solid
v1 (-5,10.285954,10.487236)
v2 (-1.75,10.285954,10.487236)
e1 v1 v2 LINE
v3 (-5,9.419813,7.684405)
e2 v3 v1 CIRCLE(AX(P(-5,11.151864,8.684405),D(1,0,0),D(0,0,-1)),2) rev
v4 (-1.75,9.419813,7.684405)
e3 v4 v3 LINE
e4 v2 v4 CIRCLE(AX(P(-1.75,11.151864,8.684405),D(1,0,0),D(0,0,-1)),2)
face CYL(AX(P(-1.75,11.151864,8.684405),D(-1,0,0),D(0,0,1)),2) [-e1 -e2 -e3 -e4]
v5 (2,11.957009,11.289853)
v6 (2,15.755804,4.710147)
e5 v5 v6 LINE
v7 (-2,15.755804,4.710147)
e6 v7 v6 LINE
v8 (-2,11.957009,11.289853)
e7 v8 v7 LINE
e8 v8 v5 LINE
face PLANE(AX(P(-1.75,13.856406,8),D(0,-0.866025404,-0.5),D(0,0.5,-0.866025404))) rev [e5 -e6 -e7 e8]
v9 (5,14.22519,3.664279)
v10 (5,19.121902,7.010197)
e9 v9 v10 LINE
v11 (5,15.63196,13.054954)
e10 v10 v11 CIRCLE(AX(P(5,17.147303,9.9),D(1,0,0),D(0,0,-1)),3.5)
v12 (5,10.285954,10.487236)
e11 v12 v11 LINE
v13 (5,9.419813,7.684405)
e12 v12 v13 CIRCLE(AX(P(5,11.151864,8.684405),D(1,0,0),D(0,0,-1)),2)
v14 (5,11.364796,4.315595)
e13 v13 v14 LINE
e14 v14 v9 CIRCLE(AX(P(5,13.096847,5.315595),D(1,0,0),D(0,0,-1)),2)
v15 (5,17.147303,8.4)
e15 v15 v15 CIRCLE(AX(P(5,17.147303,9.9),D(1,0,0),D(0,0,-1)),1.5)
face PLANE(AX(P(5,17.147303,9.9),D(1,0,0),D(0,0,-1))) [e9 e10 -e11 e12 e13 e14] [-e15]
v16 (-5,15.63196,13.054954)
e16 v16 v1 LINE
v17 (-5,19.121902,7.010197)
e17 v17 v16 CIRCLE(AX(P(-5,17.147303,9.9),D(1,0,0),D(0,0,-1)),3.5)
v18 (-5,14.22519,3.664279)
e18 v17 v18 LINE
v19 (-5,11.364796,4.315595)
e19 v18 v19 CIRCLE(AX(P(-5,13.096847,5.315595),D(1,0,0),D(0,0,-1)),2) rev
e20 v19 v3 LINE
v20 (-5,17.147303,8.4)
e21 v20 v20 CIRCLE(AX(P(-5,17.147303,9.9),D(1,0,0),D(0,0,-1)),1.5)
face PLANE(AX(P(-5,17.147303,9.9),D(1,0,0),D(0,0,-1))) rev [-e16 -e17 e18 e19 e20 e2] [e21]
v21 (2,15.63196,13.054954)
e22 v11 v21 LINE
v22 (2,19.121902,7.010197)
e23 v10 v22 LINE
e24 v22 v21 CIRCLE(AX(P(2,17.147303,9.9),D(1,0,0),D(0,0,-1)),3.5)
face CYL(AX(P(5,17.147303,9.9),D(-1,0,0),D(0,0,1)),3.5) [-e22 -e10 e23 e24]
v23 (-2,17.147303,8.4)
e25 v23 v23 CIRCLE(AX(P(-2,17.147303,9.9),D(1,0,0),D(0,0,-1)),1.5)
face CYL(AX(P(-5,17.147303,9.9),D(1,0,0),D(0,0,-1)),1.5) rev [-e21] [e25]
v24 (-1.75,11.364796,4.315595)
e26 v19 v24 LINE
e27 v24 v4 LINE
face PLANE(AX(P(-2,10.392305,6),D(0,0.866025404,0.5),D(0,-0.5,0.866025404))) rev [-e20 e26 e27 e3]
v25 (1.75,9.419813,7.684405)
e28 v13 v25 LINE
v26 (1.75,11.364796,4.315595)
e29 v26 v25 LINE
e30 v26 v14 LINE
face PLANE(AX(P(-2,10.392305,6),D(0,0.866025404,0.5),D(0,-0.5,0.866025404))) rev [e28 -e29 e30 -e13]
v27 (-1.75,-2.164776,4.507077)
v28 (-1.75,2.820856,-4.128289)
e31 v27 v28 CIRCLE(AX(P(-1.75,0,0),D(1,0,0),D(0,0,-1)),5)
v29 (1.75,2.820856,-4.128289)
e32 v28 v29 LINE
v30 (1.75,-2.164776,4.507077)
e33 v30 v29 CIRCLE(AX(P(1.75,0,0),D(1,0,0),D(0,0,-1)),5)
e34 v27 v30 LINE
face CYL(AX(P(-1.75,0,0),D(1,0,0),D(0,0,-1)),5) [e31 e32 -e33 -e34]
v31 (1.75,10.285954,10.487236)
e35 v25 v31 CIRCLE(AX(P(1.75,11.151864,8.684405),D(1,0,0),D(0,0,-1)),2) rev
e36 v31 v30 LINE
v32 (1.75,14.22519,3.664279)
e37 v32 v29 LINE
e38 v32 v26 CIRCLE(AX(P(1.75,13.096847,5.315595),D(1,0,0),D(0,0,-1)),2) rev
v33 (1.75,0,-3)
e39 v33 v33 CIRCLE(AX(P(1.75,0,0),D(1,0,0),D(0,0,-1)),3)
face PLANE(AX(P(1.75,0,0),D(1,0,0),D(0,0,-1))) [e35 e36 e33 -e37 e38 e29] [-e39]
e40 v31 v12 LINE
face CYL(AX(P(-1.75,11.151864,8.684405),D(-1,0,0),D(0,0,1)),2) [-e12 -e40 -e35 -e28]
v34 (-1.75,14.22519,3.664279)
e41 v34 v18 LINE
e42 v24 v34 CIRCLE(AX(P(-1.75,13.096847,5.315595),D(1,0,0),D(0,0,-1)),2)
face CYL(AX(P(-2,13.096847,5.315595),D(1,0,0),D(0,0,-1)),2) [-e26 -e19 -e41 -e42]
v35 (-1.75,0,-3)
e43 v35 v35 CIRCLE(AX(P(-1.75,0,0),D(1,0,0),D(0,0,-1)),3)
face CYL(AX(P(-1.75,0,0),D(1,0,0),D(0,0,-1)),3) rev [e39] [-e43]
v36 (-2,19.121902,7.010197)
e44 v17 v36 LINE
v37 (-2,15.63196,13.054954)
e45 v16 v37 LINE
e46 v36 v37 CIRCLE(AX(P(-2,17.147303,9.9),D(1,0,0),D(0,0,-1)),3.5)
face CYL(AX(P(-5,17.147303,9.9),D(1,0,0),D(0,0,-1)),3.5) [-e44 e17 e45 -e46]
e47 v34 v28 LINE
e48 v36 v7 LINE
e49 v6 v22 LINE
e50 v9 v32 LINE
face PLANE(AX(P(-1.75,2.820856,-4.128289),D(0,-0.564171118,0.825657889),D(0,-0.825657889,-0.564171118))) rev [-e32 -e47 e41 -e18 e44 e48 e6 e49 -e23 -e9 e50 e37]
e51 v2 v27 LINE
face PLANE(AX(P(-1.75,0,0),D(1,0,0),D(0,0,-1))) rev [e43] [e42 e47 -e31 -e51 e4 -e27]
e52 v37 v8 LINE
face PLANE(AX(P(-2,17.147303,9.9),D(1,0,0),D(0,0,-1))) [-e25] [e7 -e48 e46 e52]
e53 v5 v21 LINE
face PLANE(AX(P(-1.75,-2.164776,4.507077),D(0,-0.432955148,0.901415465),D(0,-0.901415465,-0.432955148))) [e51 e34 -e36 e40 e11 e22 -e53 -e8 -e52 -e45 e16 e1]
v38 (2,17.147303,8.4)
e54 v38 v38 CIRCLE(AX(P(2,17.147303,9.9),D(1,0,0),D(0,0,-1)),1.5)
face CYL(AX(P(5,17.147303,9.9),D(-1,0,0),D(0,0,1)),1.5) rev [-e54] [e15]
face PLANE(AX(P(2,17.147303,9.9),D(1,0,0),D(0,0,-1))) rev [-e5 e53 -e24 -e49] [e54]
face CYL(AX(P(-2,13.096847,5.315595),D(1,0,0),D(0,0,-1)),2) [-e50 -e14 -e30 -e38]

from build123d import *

# Parameters (mm, degrees)
BOSS_EXTRUDE1_DEPTH      = 1.75
BOSS_EXTRUDE1_DEPTH_BACK = 1.75
SKETCH1_R                = 5
SKETCH1_R_2              = 3
BOSS_EXTRUDE4_DEPTH      = 2
BOSS_EXTRUDE4_DEPTH_BACK = 2
BOSS_EXTRUDE2_START      = 2
SKETCH1_3_R              = 3.4999999999999996
SKETCH1_3_R_2            = 1.5000000000000024
BOSS_EXTRUDE2_DEPTH      = 3
BOSS_EXTRUDE3_START      = -5
SKETCH1_4_R              = 3.4999999999999996
SKETCH1_4_R_2            = 1.5000000000000024
BOSS_EXTRUDE3_DEPTH      = 3
FILLET2_R                = 2


with BuildPart() as part:
    # Sketch1 → Boss-Extrude1 (new, two sides: drawn at the far end of the back side and taken through both)
    # profile 1 of 3: a face of its own
    with BuildSketch(Plane(origin=(0, 0, 0), x_dir=(0, 0, -1), z_dir=(1, 0, 0)).offset(-BOSS_EXTRUDE1_DEPTH_BACK)):
        with BuildLine():
            Line((4.128289444917901, 2.820855589883948), (-2.446958304851689, 12.443654424549113))
            Line((-2.4469583048516905, 12.443654424549113), (-9.553041695148336, 8.340955266277398))
            Line((-9.553041695148337, 8.340955266277398), (-4.507077323705776, -2.1647757385320965))
            ThreePointArc((-4.507077323705776, -2.1647757385320965), (-2.500000000000005, 4.33012701892219), (4.128289444917895, 2.8208555898839442))
        make_face()
    # profile 2 of 3: a face of its own
    with BuildSketch(Plane(origin=(0, 0, 0), x_dir=(0, 0, -1), z_dir=(1, 0, 0)).offset(-BOSS_EXTRUDE1_DEPTH_BACK)):
        Circle(SKETCH1_R)
        Circle(SKETCH1_R_2, mode=Mode.SUBTRACT)
    # profile 3 of 3: a face of its own
    with BuildSketch(Plane(origin=(0, 0, 0), x_dir=(0, 0, -1), z_dir=(1, 0, 0)).offset(-BOSS_EXTRUDE1_DEPTH_BACK)):
        Polygon((-2.446958304851689, 12.443654424549113), (-4.710146578566388, 15.755804219010134), (-11.289853421433653, 11.957008702091882), (-9.553041695148337, 8.340955266277398), align=None)
    extrude(amount=BOSS_EXTRUDE1_DEPTH + BOSS_EXTRUDE1_DEPTH_BACK)

    # Sketch1<5> → Boss-Extrude4 (add, two sides: drawn at the far end of the back side and taken through both)
    with BuildSketch(Plane(origin=(0, 0, 0), x_dir=(0, 0, -1), z_dir=(1, 0, 0)).offset(-BOSS_EXTRUDE4_DEPTH_BACK)):
        Polygon((-2.446958304851689, 12.443654424549113), (-4.710146578566388, 15.755804219010134), (-11.289853421433653, 11.957008702091882), (-9.553041695148337, 8.340955266277398), align=None)
    extrude(amount=BOSS_EXTRUDE4_DEPTH + BOSS_EXTRUDE4_DEPTH_BACK)

    # Sketch1<3> → Boss-Extrude2 (add)
    # profile 1 of 3: a face of its own
    with BuildSketch(Plane(origin=(0, 0, 0), x_dir=(0, 0, -1), z_dir=(1, 0, 0)).offset(BOSS_EXTRUDE2_START)):
        Polygon((-2.446958304851689, 12.443654424549113), (-4.710146578566388, 15.755804219010134), (-11.289853421433653, 11.957008702091882), (-9.553041695148337, 8.340955266277398), align=None)
    # profile 2 of 3: a face of its own
    with BuildSketch(Plane(origin=(0, 0, 0), x_dir=(0, 0, -1), z_dir=(1, 0, 0)).offset(BOSS_EXTRUDE2_START)):
        with BuildLine():
            Line((-4.710146578566388, 15.755804219010134), (-7.0101973885575, 19.12190190785064))
            ThreePointArc((-7.010197388557501, 19.12190190785064), (-6.556027127797799, 18.18066906268114), (-6.400000000000027, 17.147302994931877))
            ThreePointArc((-6.400000000000027, 17.147302994931877), (-9.122934829978606, 13.734654504164101), (-13.054954126594069, 15.63195997795941))
            Line((-13.054954126594073, 15.631959977959408), (-11.289853421433653, 11.957008702091882))
            Line((-11.289853421433653, 11.957008702091882), (-4.7101465785663885, 15.755804219010134))
        make_face()
    # profile 3 of 3: a face of its own
    with BuildSketch(Plane(origin=(0, 0, 0), x_dir=(0, 0, -1), z_dir=(1, 0, 0)).offset(BOSS_EXTRUDE2_START)):
        with Locations((-9.900000000000027, 17.147302994931877)):
            Circle(SKETCH1_3_R)
        with Locations((-9.900000000000027, 17.147302994931877)):
            Circle(SKETCH1_3_R_2, mode=Mode.SUBTRACT)
    extrude(amount=BOSS_EXTRUDE2_DEPTH)

    # Sketch1<4> → Boss-Extrude3 (add)
    # profile 1 of 3: a face of its own
    with BuildSketch(Plane(origin=(0, 0, 0), x_dir=(0, 0, -1), z_dir=(1, 0, 0)).offset(BOSS_EXTRUDE3_START)):
        with BuildLine():
            Line((-4.710146578566388, 15.755804219010134), (-7.0101973885575, 19.12190190785064))
            ThreePointArc((-7.010197388557501, 19.12190190785064), (-6.556027127797799, 18.18066906268114), (-6.400000000000027, 17.147302994931877))
            ThreePointArc((-6.400000000000027, 17.147302994931877), (-9.122934829978606, 13.734654504164101), (-13.054954126594069, 15.63195997795941))
            Line((-13.054954126594073, 15.631959977959408), (-11.289853421433653, 11.957008702091882))
            Line((-11.289853421433653, 11.957008702091882), (-4.7101465785663885, 15.755804219010134))
        make_face()
    # profile 2 of 3: a face of its own
    with BuildSketch(Plane(origin=(0, 0, 0), x_dir=(0, 0, -1), z_dir=(1, 0, 0)).offset(BOSS_EXTRUDE3_START)):
        Polygon((-2.446958304851689, 12.443654424549113), (-4.710146578566388, 15.755804219010134), (-11.289853421433653, 11.957008702091882), (-9.553041695148337, 8.340955266277398), align=None)
    # profile 3 of 3: a face of its own
    with BuildSketch(Plane(origin=(0, 0, 0), x_dir=(0, 0, -1), z_dir=(1, 0, 0)).offset(BOSS_EXTRUDE3_START)):
        with Locations((-9.900000000000027, 17.147302994931877)):
            Circle(SKETCH1_4_R)
        with Locations((-9.900000000000027, 17.147302994931877)):
            Circle(SKETCH1_4_R_2, mode=Mode.SUBTRACT)
    extrude(amount=BOSS_EXTRUDE3_DEPTH)

    # Fillet2
    fillet2_edges = [part.edges().sort_by_distance(p)[0] for p in [
        (-3.375, 12.443654424549113, 2.4469583048516905),
        (-3.375, 8.340955266277398, 9.553041695148337),
        (3.375, 12.443654424549113, 2.44695830485169),
        (3.375, 8.340955266277398, 9.553041695148337),
    ]]
    fillet(fillet2_edges, radius=FILLET2_R)


solid = part.part
